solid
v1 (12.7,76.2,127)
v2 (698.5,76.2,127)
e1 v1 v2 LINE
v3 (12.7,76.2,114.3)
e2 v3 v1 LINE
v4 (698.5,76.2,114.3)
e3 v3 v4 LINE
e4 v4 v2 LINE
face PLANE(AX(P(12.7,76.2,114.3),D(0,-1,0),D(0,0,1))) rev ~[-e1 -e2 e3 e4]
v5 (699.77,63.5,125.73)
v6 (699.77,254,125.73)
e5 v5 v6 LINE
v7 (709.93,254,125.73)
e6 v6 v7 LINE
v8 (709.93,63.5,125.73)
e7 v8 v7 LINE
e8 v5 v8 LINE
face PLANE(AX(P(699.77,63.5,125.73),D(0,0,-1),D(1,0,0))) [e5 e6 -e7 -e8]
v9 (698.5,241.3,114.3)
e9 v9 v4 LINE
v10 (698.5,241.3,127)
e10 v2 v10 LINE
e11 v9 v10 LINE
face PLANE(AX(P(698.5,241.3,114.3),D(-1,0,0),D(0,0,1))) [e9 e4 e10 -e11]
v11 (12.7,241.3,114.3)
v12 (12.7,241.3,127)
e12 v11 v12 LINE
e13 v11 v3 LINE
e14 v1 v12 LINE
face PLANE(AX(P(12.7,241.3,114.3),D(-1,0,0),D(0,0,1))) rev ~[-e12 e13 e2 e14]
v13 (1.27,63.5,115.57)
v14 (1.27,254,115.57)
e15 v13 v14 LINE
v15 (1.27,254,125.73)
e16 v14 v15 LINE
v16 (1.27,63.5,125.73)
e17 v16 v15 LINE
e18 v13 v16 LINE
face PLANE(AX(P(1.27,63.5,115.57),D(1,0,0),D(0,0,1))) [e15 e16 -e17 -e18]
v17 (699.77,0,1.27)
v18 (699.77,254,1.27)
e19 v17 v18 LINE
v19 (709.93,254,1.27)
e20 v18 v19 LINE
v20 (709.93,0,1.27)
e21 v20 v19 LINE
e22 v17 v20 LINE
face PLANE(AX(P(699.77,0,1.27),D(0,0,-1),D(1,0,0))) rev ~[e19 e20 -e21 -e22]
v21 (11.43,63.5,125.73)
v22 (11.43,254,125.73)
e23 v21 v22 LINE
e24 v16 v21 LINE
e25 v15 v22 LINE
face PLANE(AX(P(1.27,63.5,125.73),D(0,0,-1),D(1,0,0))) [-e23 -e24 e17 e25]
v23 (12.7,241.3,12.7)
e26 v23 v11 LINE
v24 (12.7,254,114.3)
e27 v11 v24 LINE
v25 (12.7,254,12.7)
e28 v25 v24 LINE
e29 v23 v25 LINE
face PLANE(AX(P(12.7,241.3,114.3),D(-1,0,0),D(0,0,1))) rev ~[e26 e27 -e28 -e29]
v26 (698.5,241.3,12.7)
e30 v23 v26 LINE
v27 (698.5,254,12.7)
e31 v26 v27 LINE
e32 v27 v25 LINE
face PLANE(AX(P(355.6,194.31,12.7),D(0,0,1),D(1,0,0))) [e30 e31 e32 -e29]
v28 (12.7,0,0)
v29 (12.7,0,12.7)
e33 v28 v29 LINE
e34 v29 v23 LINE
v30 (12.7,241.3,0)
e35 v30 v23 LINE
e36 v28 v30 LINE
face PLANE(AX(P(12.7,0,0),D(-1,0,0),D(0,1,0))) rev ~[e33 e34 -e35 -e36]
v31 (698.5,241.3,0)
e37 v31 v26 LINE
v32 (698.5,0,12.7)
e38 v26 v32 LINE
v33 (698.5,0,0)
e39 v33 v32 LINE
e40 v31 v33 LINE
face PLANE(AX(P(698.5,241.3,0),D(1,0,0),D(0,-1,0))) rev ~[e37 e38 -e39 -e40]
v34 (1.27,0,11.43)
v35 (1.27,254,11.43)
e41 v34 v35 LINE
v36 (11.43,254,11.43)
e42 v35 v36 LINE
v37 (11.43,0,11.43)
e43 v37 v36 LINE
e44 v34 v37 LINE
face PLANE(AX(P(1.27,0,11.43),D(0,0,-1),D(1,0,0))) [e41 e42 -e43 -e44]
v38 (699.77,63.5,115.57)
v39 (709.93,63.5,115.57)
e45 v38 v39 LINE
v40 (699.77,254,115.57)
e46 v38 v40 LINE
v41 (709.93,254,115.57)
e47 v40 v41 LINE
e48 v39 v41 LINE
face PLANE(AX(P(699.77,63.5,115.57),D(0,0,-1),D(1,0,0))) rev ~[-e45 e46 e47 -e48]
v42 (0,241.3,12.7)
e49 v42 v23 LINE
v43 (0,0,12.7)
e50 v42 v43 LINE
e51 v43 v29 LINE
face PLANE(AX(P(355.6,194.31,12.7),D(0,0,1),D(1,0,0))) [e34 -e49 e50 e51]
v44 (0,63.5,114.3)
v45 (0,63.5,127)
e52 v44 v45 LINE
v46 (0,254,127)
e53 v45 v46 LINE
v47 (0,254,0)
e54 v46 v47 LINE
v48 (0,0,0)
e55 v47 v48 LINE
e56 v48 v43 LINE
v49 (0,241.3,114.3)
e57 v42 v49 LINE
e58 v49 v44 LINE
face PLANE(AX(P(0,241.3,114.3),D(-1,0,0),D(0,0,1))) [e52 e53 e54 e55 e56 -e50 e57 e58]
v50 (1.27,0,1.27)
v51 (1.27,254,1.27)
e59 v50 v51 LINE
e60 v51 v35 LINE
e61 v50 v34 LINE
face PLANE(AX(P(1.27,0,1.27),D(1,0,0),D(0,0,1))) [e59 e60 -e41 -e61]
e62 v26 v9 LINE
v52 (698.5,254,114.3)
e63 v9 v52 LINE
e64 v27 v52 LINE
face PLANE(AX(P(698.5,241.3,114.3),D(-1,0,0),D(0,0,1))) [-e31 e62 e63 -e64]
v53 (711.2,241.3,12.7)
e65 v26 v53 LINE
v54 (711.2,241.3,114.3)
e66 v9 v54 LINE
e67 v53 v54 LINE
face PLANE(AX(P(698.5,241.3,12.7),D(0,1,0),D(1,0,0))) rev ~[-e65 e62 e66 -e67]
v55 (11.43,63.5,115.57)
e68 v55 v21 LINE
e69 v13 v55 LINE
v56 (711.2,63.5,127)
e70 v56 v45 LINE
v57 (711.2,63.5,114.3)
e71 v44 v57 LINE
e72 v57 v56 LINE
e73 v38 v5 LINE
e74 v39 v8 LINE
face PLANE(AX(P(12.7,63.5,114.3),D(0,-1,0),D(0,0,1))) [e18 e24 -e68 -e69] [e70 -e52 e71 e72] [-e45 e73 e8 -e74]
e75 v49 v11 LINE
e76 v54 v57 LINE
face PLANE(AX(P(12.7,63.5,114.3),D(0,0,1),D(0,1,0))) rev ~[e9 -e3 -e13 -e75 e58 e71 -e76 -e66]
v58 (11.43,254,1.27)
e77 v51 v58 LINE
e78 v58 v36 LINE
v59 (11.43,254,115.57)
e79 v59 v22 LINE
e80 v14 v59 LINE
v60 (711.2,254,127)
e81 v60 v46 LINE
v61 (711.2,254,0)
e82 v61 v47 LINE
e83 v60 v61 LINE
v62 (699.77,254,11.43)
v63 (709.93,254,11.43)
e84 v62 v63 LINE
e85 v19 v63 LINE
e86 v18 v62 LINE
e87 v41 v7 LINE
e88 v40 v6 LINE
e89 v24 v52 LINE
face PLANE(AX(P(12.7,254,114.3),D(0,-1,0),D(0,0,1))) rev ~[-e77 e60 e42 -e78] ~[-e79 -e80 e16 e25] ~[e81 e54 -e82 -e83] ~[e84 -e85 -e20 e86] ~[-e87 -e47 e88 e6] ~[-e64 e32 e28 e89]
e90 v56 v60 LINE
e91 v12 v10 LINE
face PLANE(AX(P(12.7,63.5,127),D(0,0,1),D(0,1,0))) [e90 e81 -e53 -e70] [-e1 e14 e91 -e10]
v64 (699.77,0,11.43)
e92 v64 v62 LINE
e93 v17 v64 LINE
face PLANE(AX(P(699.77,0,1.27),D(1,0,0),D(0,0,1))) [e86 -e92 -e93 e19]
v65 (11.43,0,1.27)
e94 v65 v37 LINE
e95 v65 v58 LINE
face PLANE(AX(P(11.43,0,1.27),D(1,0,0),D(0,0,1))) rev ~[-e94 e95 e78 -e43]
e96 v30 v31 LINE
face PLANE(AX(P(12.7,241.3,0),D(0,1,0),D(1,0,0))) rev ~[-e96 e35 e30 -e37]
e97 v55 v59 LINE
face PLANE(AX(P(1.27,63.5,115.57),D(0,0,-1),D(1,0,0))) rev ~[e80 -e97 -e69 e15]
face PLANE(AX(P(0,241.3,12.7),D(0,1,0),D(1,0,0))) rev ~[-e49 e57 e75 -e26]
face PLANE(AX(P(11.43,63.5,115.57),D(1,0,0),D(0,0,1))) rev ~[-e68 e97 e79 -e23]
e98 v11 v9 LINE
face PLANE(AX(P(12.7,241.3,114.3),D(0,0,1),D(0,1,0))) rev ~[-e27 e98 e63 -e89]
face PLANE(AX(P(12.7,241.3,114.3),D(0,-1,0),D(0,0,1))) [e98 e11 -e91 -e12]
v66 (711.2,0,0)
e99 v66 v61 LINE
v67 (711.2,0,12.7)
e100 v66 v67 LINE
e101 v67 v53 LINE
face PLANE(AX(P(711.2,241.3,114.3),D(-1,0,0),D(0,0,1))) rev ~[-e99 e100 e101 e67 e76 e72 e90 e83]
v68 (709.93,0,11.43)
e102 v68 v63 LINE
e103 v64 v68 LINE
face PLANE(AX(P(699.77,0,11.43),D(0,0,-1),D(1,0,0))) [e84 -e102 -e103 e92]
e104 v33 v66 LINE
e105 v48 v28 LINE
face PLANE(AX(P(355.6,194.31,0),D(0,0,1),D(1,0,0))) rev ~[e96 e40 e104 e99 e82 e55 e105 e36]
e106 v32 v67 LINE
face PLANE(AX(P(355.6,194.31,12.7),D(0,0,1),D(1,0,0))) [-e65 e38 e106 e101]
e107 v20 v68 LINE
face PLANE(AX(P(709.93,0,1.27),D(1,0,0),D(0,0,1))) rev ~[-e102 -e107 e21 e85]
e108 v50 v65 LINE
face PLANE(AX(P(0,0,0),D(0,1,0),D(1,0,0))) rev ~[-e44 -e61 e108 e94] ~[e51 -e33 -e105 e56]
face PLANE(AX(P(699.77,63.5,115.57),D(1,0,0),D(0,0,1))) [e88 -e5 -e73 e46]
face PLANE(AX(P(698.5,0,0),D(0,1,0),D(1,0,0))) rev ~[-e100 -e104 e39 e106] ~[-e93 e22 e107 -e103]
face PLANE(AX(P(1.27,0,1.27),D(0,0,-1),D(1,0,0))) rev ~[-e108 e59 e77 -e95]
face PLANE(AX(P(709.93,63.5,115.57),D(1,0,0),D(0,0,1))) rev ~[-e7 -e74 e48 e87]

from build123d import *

# Parameters (mm, degrees)
F1_DEPTH  = 12.7
F2_W      = 12.7
F2_H      = 12.7
F3_DEPTH  = 114.3
F4_W      = 12.7
F4_H      = 12.7
F5_DEPTH  = 177.8
F6_W      = 12.7
F6_H      = 12.7
F7_DEPTH  = 177.8
F8_W      = 12.7
F8_H      = 12.7
F9_DEPTH  = 685.8
F10_W     = 12.7
F10_H     = 12.7
F11_DEPTH = 685.8
F12_W     = 10.16
F12_H     = 10.16
F13_DEPTH = 254.001
F14_W     = 10.16
F14_H     = 10.16
F15_DEPTH = 190.501
F16_W     = 10.16
F16_H     = 10.16
F17_DEPTH = 254.001


with BuildPart() as f1:
    # F0 (on Top) → F1 (new body)
    with BuildSketch(Plane.XY):
        Polygon((0, 254), (0, 0), (12.7, 0), (12.7, 241.3), (698.5, 241.3), (698.5, 0), (711.2, 0), (711.2, 254), align=None)
    extrude(amount=F1_DEPTH)

    # F2 (on face) → F3 (join)
    with BuildSketch(Plane.XY.offset(12.7)):
        with Locations((6.35, 247.65)):
            Rectangle(F2_W, F2_H)
        with Locations((704.85, 247.65)):
            Rectangle(F2_W, F2_H)
    extrude(amount=F3_DEPTH)

    # F4 (on face) → F5 (join)
    with BuildSketch(Plane.XZ.offset(-241.3)):
        with Locations((6.35, 120.65)):
            Rectangle(F4_W, F4_H)
    extrude(amount=F5_DEPTH)

    # F6 (on face) → F7 (join)
    with BuildSketch(Plane.XZ.offset(-241.3)):
        with Locations((704.85, 120.65)):
            Rectangle(F6_W, F6_H)
    extrude(amount=F7_DEPTH)

    # F8 (on face) → F9 (join, through all)
    with BuildSketch(Plane.YZ.offset(12.7)):
        with Locations((247.65, 120.65)):
            Rectangle(F8_W, F8_H)
    extrude(amount=F9_DEPTH)

    # F10 (on face) → F11 (join, through all)
    with BuildSketch(Plane.YZ.offset(12.7)):
        with Locations((69.85, 120.65)):
            Rectangle(F10_W, F10_H)
    extrude(amount=F11_DEPTH)

    # F12 (on face) → F13 (cut, through all)
    with BuildSketch(Plane.XZ):
        with Locations((704.85, 6.35)):
            Rectangle(F12_W, F12_H)
    extrude(amount=-F13_DEPTH, mode=Mode.SUBTRACT)

    # F14 (on face) → F15 (cut, through all)
    with BuildSketch(Plane.XZ.offset(-63.5)):
        with Locations((704.85, 120.65)):
            Rectangle(F14_W, F14_H)
        with Locations((6.35, 120.65)):
            Rectangle(F14_W, F14_H)
    extrude(amount=-F15_DEPTH, mode=Mode.SUBTRACT)

    # F16 (on face) → F17 (cut, through all)
    with BuildSketch(Plane.XZ):
        with Locations((6.35, 6.35)):
            Rectangle(F16_W, F16_H)
    extrude(amount=-F17_DEPTH, mode=Mode.SUBTRACT)


solid = f1.part
